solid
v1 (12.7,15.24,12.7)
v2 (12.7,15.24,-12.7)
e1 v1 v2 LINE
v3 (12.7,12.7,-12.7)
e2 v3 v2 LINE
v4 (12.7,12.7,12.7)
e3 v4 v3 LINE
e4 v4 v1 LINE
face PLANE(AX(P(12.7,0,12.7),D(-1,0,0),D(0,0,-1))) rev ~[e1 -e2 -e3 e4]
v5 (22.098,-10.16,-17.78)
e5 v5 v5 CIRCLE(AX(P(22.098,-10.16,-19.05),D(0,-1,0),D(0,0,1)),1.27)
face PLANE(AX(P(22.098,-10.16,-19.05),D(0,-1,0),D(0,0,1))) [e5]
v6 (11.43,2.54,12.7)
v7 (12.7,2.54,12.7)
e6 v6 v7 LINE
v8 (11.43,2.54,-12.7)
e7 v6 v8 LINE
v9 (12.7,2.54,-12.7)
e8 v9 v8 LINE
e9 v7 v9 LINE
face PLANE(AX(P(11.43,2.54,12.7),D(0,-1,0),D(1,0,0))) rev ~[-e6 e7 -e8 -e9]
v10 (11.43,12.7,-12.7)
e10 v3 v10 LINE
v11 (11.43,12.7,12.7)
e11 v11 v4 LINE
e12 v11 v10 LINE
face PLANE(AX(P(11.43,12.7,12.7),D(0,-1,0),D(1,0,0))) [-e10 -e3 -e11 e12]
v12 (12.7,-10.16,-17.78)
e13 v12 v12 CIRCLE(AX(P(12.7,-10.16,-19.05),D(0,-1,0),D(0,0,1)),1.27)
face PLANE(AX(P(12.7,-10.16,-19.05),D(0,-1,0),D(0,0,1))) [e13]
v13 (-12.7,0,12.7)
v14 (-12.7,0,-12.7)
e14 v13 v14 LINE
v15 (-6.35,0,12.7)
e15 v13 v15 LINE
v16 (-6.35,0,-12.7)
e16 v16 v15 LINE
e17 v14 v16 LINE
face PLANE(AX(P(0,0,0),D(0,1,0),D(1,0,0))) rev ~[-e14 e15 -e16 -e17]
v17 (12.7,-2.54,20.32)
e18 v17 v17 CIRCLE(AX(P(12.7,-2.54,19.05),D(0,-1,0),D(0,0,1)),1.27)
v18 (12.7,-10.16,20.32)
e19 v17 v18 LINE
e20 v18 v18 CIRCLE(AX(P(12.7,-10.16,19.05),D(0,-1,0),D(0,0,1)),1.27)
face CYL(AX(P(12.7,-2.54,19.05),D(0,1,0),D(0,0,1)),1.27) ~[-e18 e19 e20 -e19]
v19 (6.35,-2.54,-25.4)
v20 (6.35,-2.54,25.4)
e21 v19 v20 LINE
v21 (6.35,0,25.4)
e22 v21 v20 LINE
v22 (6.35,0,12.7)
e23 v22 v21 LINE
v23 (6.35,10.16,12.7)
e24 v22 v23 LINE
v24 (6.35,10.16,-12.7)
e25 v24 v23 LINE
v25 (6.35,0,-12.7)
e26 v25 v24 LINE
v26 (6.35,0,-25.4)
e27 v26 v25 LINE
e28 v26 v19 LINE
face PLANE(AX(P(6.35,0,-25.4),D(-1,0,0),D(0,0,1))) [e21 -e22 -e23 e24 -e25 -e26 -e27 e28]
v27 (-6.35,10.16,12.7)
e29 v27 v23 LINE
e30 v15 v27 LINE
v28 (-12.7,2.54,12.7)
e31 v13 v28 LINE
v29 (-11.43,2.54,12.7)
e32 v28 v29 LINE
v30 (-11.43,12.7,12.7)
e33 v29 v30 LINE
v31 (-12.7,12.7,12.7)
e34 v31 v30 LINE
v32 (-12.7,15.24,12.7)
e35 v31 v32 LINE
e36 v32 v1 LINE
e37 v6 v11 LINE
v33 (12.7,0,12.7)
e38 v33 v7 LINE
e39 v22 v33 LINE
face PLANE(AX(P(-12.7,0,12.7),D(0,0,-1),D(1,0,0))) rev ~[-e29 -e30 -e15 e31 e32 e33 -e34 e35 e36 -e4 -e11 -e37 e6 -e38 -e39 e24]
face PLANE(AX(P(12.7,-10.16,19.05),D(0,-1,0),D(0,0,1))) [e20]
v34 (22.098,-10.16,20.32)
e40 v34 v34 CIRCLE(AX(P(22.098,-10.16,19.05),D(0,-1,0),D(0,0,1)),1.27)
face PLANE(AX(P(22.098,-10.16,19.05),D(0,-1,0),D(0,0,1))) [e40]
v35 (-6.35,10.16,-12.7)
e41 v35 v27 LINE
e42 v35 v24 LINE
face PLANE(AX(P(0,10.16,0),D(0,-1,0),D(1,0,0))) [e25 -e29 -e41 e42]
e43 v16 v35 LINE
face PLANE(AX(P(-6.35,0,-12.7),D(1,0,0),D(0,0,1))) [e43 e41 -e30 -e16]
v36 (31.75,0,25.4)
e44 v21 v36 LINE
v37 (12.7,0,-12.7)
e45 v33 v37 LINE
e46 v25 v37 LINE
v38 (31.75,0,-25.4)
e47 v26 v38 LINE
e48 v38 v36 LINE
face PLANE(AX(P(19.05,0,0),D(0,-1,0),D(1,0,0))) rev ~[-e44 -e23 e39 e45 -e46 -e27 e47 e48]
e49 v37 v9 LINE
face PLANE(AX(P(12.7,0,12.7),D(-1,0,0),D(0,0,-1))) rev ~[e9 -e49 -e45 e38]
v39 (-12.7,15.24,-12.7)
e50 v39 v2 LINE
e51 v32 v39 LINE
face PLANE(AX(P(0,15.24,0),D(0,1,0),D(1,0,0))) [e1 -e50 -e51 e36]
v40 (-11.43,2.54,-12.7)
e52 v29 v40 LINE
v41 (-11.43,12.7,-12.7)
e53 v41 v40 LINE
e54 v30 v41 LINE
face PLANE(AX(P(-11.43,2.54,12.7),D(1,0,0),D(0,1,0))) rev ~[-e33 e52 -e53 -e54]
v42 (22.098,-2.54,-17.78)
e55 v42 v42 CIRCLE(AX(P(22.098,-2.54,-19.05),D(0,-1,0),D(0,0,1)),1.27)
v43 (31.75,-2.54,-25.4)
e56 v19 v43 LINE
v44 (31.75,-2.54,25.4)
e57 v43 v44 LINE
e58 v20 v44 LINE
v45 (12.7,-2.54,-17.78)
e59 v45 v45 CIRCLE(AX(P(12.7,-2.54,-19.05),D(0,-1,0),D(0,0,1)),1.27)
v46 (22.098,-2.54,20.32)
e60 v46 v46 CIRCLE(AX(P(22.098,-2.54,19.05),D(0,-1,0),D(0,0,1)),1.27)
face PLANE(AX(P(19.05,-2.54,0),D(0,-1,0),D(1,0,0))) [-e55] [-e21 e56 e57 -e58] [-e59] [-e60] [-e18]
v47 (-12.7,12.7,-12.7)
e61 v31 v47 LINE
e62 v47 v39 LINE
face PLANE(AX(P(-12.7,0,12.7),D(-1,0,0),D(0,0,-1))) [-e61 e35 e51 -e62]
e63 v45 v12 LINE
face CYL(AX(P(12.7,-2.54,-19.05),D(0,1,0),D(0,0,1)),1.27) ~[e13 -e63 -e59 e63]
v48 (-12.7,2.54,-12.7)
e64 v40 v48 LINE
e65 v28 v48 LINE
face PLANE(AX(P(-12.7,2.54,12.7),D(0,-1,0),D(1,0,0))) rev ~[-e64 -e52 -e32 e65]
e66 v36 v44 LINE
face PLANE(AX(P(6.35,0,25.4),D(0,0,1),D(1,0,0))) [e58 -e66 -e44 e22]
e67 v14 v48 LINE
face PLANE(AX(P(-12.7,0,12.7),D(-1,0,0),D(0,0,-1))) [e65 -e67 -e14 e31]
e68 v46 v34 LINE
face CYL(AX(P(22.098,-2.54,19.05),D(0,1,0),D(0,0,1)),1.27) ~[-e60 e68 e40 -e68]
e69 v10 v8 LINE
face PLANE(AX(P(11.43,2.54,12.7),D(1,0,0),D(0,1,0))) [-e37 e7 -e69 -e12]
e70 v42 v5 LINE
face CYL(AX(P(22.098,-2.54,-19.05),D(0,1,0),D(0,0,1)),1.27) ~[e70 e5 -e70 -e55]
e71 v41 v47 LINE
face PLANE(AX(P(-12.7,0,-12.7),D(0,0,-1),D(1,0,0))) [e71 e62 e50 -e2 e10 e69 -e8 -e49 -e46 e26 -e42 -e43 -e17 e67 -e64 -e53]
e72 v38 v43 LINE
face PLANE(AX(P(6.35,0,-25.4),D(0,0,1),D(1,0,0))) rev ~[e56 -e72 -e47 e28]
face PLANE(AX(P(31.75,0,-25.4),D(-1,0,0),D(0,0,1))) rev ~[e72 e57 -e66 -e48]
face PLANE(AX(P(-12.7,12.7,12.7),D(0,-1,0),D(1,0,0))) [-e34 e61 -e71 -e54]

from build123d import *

# Parameters (mm, degrees)
SKETCH1_W           = 25.4
SKETCH1_H           = 25.4
BOSS_EXTRUDE1_DEPTH = 15.24
SKETCH2_W           = 12.7
SKETCH2_H           = 25.4
CUT_EXTRUDE1_DEPTH  = 10.16
SKETCH3_W           = 1.27
SKETCH3_H           = 10.16
CUT_EXTRUDE2_DEPTH  = 33.228986953
SKETCH4_W           = 25.4
SKETCH4_H           = 50.8
BOSS_EXTRUDE2_DEPTH = 2.54
SKETCH5_R           = 1.27
BOSS_EXTRUDE3_DEPTH = 7.62


with BuildPart() as part:
    # Sketch1 → Boss-Extrude1 (new body)
    with BuildSketch(Plane(origin=(0, 0, 0), x_dir=(1, 0, 0), z_dir=(0, 1, 0))):
        Rectangle(SKETCH1_W, SKETCH1_H)
    extrude(amount=BOSS_EXTRUDE1_DEPTH)

    # Sketch2 → Cut-Extrude1 (cut)
    with BuildSketch(Plane.XZ):
        Rectangle(SKETCH2_W, SKETCH2_H)
    extrude(amount=-CUT_EXTRUDE1_DEPTH, mode=Mode.SUBTRACT)

    # Sketch3 → Cut-Extrude2 (cut, through all)
    with BuildSketch(Plane.XY.offset(12.7)):
        with Locations((-12.065, 7.62)):
            Rectangle(SKETCH3_W, SKETCH3_H)
        with Locations((12.065, 7.62)):
            Rectangle(SKETCH3_W, SKETCH3_H)
    extrude(amount=-CUT_EXTRUDE2_DEPTH, mode=Mode.SUBTRACT)

    # Sketch4 → Boss-Extrude2 (add)
    with BuildSketch(Plane.XZ):
        with Locations((19.05, 0)):
            Rectangle(SKETCH4_W, SKETCH4_H)
    extrude(amount=BOSS_EXTRUDE2_DEPTH)

    # Sketch5 → Boss-Extrude3 (add)
    with BuildSketch(Plane.XZ.offset(2.54)):
        with Locations(Location((12.7, 19.05, 0), (0, 0, 90))):
            Circle(SKETCH5_R)
        with Locations(Location((22.098, 19.05, 0), (0, 0, 90))):
            Circle(SKETCH5_R)
        with Locations(Location((12.7, -19.05, 0), (0, 0, 90))):
            Circle(SKETCH5_R)
        with Locations(Location((22.098, -19.05, 0), (0, 0, 90))):
            Circle(SKETCH5_R)
    extrude(amount=BOSS_EXTRUDE3_DEPTH)


solid = part.part
